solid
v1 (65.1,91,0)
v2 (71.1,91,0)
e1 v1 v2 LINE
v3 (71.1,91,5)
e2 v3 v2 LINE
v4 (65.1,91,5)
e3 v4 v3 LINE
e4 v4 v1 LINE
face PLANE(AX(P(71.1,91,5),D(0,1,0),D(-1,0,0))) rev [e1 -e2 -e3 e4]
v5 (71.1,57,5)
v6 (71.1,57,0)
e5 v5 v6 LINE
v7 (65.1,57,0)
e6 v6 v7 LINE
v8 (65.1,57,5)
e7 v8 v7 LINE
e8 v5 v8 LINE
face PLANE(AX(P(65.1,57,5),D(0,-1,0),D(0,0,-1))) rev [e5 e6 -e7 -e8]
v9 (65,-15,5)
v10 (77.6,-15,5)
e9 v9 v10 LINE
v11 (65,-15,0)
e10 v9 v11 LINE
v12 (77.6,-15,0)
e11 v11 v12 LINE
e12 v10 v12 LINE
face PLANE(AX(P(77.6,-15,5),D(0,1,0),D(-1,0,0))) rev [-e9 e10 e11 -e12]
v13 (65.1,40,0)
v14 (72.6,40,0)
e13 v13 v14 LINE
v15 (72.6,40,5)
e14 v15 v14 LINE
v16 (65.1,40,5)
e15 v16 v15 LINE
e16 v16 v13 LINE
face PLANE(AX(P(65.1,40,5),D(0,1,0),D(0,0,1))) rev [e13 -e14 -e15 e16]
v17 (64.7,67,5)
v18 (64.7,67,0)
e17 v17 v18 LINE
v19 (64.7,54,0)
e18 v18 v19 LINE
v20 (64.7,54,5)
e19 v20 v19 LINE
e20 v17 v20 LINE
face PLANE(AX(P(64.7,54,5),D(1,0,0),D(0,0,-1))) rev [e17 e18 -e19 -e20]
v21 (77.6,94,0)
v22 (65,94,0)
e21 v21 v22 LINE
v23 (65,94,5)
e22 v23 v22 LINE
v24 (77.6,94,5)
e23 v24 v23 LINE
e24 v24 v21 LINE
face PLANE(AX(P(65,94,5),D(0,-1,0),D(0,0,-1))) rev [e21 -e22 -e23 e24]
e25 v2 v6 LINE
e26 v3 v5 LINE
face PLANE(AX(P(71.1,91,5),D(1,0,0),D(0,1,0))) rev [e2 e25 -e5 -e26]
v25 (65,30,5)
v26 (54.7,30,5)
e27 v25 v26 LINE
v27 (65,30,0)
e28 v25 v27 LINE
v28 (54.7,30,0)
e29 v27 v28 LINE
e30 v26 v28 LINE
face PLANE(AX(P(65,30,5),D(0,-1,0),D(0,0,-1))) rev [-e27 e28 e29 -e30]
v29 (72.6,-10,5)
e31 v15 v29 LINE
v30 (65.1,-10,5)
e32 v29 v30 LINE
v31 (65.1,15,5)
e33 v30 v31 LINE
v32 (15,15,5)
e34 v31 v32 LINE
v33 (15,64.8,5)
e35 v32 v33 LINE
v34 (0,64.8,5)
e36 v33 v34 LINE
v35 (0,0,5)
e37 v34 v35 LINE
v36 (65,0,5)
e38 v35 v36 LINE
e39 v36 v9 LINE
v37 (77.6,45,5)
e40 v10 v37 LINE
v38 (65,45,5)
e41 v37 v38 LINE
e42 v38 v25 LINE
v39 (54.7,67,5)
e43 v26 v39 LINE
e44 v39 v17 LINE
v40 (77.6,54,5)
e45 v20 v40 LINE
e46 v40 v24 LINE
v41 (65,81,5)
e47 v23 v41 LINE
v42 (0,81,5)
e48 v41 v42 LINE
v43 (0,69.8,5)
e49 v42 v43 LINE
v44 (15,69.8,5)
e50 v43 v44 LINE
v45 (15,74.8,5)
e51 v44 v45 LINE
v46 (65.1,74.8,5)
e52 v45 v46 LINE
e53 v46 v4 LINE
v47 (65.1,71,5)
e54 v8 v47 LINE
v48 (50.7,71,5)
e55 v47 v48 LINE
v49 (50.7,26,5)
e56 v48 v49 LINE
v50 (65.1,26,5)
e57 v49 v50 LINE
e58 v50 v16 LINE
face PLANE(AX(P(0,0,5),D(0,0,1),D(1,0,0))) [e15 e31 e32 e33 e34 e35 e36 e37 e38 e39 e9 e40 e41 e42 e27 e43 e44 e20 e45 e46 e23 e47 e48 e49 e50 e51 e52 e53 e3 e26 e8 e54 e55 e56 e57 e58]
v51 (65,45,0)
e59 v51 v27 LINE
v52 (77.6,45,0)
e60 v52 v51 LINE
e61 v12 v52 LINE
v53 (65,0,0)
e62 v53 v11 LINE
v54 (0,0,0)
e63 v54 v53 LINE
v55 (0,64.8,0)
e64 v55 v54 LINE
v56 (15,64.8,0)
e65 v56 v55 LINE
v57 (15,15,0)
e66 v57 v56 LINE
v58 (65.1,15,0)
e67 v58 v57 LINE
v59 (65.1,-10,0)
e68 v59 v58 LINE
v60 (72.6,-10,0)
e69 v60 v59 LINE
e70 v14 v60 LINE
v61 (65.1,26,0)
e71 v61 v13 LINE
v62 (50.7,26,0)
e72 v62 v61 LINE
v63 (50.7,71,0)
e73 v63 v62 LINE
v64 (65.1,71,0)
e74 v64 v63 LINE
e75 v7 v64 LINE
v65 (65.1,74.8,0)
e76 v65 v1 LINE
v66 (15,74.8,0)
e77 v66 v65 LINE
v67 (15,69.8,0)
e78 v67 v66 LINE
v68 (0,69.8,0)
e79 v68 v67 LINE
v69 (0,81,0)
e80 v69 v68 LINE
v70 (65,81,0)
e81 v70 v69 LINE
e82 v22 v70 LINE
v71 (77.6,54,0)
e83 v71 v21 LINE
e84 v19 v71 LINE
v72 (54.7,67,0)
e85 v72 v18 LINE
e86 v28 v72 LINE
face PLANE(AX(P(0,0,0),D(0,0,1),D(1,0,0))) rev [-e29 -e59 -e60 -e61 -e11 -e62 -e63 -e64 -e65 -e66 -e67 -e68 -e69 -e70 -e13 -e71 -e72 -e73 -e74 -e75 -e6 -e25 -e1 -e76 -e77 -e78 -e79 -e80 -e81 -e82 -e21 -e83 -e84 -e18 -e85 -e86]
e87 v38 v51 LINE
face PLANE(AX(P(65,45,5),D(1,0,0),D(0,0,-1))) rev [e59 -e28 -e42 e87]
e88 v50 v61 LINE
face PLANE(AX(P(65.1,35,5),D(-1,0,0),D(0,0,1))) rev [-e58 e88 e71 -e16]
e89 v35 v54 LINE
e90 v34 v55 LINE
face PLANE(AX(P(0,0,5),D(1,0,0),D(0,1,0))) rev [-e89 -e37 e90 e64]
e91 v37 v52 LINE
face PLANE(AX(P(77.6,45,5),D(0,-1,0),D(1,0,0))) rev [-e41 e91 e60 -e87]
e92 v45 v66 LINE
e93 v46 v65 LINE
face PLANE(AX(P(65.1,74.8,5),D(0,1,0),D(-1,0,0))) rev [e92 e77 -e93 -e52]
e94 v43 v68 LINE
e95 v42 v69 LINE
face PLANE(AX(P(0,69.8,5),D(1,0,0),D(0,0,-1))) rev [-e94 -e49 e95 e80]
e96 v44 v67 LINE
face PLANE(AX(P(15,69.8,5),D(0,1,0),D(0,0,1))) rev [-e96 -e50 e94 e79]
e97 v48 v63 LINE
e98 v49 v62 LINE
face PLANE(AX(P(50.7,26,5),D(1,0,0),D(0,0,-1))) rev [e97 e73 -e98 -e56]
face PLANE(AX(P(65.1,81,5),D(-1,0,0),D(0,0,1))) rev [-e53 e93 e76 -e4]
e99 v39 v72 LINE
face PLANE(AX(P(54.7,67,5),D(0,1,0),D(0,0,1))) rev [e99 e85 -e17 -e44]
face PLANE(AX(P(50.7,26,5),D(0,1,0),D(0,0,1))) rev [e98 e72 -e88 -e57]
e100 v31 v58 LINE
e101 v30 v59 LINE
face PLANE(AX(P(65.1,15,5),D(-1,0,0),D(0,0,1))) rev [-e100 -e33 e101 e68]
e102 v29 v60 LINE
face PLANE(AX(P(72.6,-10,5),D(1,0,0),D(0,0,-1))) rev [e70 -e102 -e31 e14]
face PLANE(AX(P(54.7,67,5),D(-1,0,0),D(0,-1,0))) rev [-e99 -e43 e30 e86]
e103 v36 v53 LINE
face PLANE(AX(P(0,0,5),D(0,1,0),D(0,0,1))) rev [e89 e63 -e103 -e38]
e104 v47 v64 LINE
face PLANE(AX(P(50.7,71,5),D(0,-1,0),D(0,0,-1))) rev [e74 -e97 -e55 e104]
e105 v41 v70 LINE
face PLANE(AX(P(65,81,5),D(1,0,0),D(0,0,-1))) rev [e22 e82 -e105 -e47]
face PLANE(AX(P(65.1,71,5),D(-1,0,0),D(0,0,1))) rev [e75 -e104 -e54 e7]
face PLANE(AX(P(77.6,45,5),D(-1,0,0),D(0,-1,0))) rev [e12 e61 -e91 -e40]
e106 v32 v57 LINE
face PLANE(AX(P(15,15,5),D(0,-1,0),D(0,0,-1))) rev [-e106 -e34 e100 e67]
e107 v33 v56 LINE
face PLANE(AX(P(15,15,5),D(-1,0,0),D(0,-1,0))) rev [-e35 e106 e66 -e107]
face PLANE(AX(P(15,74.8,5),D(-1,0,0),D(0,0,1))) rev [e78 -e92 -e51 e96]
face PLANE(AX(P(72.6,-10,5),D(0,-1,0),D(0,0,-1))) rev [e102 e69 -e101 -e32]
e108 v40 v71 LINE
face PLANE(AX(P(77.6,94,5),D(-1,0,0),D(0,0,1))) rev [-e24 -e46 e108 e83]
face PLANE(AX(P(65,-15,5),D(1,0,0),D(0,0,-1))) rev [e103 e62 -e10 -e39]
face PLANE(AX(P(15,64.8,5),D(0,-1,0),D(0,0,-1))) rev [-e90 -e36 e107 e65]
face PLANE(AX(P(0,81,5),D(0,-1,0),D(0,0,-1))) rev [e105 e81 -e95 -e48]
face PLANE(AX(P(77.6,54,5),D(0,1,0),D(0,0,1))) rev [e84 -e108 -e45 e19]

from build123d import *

# Parameters (mm, degrees)
BOSS_EXTRUDE1_DEPTH = 5


with BuildPart() as part:
    # Sketch1 → Boss-Extrude1 (new body)
    with BuildSketch(Plane.XY):
        Polygon((0, 0), (0, 64.8), (15, 64.8), (15, 15), (65.1, 15), (65.1, -10), (72.6, -10), (72.6, 40), (65.1, 40), (65.1, 35), (65.1, 26), (50.7, 26), (50.7, 71), (65.1, 71), (65.1, 67), (65.1, 57), (71.1, 57), (71.1, 91), (65.1, 91), (65.1, 81), (65.1, 74.8), (15, 74.8), (15, 69.8), (0, 69.8), (0, 81), (65, 81), (65, 94), (77.6, 94), (77.6, 54), (64.7, 54), (64.7, 67), (54.7, 67), (54.7, 30), (65, 30), (65, 45), (77.6, 45), (77.6, -15), (65, -15), (65, -10), (65, 0), align=None)
    extrude(amount=BOSS_EXTRUDE1_DEPTH)


solid = part.part
